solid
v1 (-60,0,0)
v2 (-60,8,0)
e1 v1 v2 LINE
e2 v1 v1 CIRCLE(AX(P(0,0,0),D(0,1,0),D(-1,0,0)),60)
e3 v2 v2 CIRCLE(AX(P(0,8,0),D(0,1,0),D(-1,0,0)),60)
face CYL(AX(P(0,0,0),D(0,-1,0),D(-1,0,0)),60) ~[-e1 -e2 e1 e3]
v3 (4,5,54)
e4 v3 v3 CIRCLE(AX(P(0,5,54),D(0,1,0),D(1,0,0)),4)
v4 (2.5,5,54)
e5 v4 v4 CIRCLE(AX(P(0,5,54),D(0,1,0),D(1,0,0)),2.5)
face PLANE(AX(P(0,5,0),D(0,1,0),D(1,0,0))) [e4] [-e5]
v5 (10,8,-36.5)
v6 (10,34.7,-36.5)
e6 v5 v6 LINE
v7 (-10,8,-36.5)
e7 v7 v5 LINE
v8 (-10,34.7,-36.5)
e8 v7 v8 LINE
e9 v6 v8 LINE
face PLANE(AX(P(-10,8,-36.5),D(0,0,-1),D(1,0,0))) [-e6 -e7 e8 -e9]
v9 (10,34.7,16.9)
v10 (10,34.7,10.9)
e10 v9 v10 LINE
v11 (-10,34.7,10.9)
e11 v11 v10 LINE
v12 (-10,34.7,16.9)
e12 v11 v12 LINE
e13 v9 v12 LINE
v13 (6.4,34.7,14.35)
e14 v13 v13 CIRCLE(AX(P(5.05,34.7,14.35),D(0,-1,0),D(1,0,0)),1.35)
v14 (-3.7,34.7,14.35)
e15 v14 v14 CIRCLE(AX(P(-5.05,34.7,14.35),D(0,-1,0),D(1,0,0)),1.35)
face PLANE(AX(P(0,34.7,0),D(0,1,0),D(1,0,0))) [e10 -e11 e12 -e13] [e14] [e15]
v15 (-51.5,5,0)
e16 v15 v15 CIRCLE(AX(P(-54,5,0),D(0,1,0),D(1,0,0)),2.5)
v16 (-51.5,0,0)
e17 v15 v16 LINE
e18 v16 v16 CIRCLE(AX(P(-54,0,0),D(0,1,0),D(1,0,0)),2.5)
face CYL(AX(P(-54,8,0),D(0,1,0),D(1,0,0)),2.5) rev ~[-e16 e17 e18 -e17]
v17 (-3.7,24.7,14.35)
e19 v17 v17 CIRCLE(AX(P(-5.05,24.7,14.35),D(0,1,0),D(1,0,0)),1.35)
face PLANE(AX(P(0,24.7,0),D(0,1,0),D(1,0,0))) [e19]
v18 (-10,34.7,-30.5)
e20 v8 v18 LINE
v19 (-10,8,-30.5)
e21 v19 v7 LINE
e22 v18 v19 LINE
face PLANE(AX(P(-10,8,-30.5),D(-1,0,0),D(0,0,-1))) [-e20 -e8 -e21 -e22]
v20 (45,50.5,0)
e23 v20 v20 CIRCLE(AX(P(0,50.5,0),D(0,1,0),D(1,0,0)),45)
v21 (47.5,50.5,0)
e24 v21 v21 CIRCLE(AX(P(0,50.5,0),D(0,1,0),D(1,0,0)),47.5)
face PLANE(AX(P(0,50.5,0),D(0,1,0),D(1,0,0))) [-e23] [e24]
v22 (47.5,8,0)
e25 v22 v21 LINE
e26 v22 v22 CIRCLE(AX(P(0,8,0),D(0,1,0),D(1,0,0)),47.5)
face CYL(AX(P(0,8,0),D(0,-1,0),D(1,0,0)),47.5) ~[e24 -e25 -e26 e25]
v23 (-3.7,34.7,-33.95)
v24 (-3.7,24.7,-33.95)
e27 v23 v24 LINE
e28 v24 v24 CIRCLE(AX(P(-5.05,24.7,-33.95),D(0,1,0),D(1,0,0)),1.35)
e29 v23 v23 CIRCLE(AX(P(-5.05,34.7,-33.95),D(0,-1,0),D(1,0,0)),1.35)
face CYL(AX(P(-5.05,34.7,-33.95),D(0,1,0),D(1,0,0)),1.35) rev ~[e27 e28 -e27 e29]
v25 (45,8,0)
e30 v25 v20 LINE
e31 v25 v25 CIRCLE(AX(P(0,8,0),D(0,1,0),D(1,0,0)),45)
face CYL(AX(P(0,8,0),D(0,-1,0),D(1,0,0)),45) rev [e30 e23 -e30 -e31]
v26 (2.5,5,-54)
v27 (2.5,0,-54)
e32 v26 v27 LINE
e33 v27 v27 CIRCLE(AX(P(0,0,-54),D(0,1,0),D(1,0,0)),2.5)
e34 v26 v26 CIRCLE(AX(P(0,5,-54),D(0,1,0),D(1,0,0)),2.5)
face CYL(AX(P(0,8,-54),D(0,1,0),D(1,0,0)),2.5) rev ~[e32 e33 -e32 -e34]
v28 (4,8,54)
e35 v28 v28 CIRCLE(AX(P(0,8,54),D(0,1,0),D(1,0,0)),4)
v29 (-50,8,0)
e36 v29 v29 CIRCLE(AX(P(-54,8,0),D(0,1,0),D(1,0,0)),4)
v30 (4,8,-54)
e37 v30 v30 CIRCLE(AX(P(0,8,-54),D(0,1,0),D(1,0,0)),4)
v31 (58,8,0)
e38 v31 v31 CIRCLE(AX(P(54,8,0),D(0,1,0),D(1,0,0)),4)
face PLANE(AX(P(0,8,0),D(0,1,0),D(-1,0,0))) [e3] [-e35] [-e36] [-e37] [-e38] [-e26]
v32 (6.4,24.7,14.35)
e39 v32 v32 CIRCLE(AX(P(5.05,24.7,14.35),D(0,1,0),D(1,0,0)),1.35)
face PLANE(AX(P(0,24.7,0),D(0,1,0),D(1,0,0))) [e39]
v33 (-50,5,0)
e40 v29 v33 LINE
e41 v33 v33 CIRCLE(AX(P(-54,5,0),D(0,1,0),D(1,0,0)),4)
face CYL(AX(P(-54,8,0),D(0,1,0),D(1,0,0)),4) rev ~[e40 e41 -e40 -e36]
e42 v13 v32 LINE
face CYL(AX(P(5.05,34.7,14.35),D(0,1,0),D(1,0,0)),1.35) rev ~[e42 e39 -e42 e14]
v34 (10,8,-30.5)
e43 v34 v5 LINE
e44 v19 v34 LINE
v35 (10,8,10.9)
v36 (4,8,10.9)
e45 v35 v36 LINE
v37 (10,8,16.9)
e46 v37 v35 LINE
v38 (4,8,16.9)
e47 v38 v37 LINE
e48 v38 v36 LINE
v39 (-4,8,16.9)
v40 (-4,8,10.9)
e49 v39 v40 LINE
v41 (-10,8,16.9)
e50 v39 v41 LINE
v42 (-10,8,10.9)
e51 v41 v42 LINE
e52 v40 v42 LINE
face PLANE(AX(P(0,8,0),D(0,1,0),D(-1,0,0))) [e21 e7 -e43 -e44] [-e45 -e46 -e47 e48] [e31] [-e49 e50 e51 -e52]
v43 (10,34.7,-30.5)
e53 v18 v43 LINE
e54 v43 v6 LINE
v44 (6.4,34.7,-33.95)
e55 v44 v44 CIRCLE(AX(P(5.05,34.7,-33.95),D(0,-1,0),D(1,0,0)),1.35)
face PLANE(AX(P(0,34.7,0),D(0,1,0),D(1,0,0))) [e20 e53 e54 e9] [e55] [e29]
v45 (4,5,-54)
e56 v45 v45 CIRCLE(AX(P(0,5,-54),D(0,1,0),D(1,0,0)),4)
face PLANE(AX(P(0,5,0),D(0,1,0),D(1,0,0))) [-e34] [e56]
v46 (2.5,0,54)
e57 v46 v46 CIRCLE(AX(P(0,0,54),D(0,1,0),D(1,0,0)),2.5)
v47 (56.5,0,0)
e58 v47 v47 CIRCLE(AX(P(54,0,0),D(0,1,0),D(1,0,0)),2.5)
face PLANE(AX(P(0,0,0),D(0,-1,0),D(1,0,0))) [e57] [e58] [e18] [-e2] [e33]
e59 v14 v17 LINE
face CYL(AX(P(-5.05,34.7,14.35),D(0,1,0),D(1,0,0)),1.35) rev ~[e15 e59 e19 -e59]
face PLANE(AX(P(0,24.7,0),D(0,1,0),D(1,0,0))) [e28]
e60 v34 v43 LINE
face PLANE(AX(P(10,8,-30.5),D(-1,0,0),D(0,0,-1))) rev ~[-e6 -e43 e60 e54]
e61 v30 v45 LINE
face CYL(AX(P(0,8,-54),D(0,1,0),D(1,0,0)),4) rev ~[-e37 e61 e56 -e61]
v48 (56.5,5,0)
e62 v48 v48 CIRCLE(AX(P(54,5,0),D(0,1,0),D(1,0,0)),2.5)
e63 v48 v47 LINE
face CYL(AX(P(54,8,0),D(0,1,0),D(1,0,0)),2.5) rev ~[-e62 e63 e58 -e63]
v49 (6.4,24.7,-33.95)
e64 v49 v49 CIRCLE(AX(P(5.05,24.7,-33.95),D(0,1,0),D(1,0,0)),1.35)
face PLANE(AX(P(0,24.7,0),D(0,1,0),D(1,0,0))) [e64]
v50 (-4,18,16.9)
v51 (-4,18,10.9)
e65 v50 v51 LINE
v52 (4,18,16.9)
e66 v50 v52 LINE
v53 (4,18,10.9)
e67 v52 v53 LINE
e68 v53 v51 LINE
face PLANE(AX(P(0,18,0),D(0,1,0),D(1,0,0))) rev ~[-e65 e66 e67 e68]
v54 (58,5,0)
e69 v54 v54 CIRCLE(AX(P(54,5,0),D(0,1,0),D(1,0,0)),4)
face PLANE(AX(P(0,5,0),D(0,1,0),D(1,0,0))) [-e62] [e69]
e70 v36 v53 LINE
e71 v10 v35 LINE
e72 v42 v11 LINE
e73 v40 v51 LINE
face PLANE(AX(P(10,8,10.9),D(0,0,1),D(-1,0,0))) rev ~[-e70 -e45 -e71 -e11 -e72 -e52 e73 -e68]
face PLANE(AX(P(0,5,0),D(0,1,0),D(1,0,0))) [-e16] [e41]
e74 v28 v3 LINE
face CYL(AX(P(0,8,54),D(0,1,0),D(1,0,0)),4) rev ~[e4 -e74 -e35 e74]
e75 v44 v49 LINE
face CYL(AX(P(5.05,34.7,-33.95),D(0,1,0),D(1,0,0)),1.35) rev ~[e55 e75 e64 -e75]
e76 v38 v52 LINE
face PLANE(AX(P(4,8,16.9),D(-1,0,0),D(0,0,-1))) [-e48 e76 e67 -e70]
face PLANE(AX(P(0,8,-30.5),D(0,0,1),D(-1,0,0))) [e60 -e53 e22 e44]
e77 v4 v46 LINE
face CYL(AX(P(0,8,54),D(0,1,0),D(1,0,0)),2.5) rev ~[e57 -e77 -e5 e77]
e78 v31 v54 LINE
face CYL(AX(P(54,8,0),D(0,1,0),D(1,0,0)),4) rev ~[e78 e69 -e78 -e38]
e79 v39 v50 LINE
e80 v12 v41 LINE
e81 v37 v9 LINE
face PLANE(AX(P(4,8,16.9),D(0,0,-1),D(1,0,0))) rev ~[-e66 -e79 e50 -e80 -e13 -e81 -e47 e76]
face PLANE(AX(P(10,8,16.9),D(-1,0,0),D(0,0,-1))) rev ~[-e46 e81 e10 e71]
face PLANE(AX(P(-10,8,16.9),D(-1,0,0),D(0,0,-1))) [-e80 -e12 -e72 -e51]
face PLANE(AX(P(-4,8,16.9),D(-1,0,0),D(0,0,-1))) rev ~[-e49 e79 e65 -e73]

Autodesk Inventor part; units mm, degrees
ref_plane "YZ Plane" through (0, 0, 0) normal (1, 0, 0) x (0, 1, 0)
ref_plane "XZ Plane" through (0, 0, 0) normal (0, 1, 0) x (-1, 0, 0)
ref_plane "XY Plane" through (0, 0, 0) normal (0, 0, 1) x (1, 0, 0)
sketch "Sketch1" plane through (0, 0, 0) normal (0, 1, 0) x (-1, 0, 0)
  circle A0 centre (0, 0) radius 60
  dimension "d0" = 120
extrude "Extrusion1" add sketch "Sketch1" along normal blind 8
sketch "Sketch2" plane through (0, 8, 0) normal (0, 1, 0) x (1, 0, 0)
  circle A0 centre (-54, 0) radius 4
  circle A1 centre (-54, 0) radius 2.5
  circle A2 centre (0, -54) radius 4
  circle A3 centre (0, -54) radius 2.5
  circle A4 centre (54, 0) radius 4
  circle A5 centre (54, 0) radius 2.5
  circle A6 centre (0, 54) radius 4
  circle A7 centre (0, 54) radius 2.5
  point P0 (0, 0)
  dimension "d3" = 8
  dimension "d4" = 5
  dimension "d5" = 8
  dimension "d6" = 5
  dimension "d7" = 8
  dimension "d8" = 5
  dimension "d9" = 8
  dimension "d10" = 5
extrude "Extrusion2" cut sketch "Sketch2" against normal blind 8 contours A1 | A3 | A5 | A7
sketch "Sketch3" plane through (0, 8, 0) normal (0, 1, 0) x (1, 0, 0)
  circle A0 centre (-54, 0) radius 2.5 projected
  circle A1 centre (-54, 0) radius 4
  circle A2 centre (-54, 0) radius 2.5
  circle A3 centre (0, 54) radius 2.5 projected
  circle A4 centre (0, 54) radius 4
  circle A5 centre (0, 54) radius 2.5
  circle A6 centre (54, 0) radius 2.5 projected
  circle A7 centre (54, 0) radius 4
  circle A8 centre (54, 0) radius 2.5
  circle A9 centre (0, -54) radius 4
  circle A10 centre (0, -54) radius 2.5
  point P0 (0, 0)
  dimension "d13" = 8
  dimension "d14" = 8
  dimension "d15" = 5
  dimension "d16" = 8
  dimension "d17" = 5
  dimension "d18" = 8
extrude "Extrusion3" cut sketch "Sketch3" against normal blind 3
sketch "Sketch4" plane through (0, 8, 0) normal (0, 1, 0) x (1, 0, 0)
  circle A0 centre (0, 0) radius 47.5
  circle A1 centre (0, 0) radius 45
  line L0 (0, 0) -> (-10, 0)
  line L1 (-10, 0) -> (-10, -9)
  line L2 (-10, -9) -> (0, -9)
  line L3 (0, -9) -> (0, 0)
  line L4 (0, -9) -> (10, -9)
  line L5 (10, -9) -> (10, 0)
  line L6 (10, 0) -> (0, 0)
  line L7 (0, 0) -> (0, -9)
  line L8 (-10, -9) -> (10, -9)
  line L9 (10, -9) -> (10, -16)
  line L10 (10, -16) -> (-10, -16)
  line L11 (-10, -16) -> (-10, -9)
  dimension "d21" = 95
  dimension "d22" = 90
  dimension "d23" = 10
  dimension "d24" = 9
  dimension "d25" = 10
  dimension "d26" = 7
extrude "Extrusion4" add sketch "Sketch4" along normal blind 10 contours A0
sketch "Sketch5" plane through (0, 8, 0) normal (0, 1, 0) x (1, 0, 0)
  line L0 (0, 0) -> (-10, 0)
  line L1 (-10, 0) -> (-10, -9)
  line L2 (-10, -9) -> (0, -9)
  line L3 (0, -9) -> (0, 0)
  line L4 (-10, -9) -> (10, -9)
  line L5 (10, -9) -> (10, -16)
  line L6 (10, -16) -> (-10, -16)
  line L7 (-10, -16) -> (-10, -9)
  line L8 (-10, -9) -> (10, -9)
  line L9 (10, -9) -> (10, 31)
  line L10 (10, 31) -> (-10, 31)
  line L11 (-10, 31) -> (-10, -9)
  line L12 (-10, 31) -> (-2, 31)
  line L13 (-2, 31) -> (-2, 38.36)
  line L14 (-2, 38.36) -> (-10, 38.36)
  line L15 (-10, 38.36) -> (-10, 31)
  line L16 (-10, 31) -> (10, 31)
  line L17 (10, 31) -> (10, 39)
  line L18 (10, 39) -> (-10, 39)
  line L19 (-10, 39) -> (-10, 31)
  line L20 (-10, -9) -> (10, -9)
  line L21 (10, -9) -> (10, -17)
  line L22 (10, -17) -> (-10, -17)
  line L23 (-10, -17) -> (-10, -9)
  dimension "d29" = 10
  dimension "d30" = 9
  dimension "d31" = 20
  dimension "d32" = 7
  dimension "d33" = 40
  dimension "d34" = 8
  dimension "d35" = 8
  dimension "d36" = 8
extrude "Extrusion5" add sketch "Sketch5" along normal blind 28 contours L4 L5 L6 L7 L2 | L15 L14 L13 L10 | L6 L21 L22 L23 | L13 L14 L19 L18 L17 L10
sketch "Sketch6" plane through (0, 36, 0) normal (0, 1, 0) x (1, 0, 0)
  line L0 (10, -17) -> (-10, -17) projected
  line L1 (-10, -9) -> (10, -9) projected
  line L2 (0, -17) -> (-4, -17)
  line L3 (-4, -17) -> (-4, -9)
  line L4 (-4, -9) -> (0, -9)
  line L5 (0, -9) -> (0, -17)
  line L6 (0, -17) -> (4, -17)
  line L7 (4, -17) -> (4, -9)
  line L8 (4, -9) -> (0, -9)
  line L9 (0, -9) -> (0, -17)
  point P0 (0, 0)
  dimension "d39" = 4
  dimension "d40" = 4
extrude "Extrusion6" cut sketch "Sketch6" against normal blind 28
sketch "Sketch7" plane through (0, 36, 0) normal (0, 1, 0) x (1, 0, 0)
  line L0 (-10, -17) -> (-4, -17) projected
  line L1 (4, -9) -> (10, -9) projected
  line L2 (-4, -17) -> (4, -17)
  line L3 (4, -17) -> (4, -9)
  line L4 (4, -9) -> (-4, -9)
  line L5 (-4, -9) -> (-4, -17)
  point P0 (0, 0)
extrude "Extrusion7" add sketch "Sketch7" against normal blind 22
sketch "Sketch8" plane through (0, 36, 0) normal (0, 1, 0) x (1, 0, 0)
  line L0 (-4, -17) -> (-10, -17) projected
  line L1 (10, -17) -> (10, -9) projected
  line L2 (-10, -17) -> (10, -17)
  line L3 (10, -17) -> (10, -15)
  line L4 (10, -15) -> (-10, -15)
  line L5 (-10, -15) -> (-10, -17)
  line L6 (-4, -9) -> (4, -9) projected
  line L7 (0, -9) -> (-5, -9)
  line L8 (-5, -9) -> (-5, -17)
  line L9 (-5, -17) -> (0, -17)
  line L10 (0, -17) -> (0, -9)
  line L11 (-10, -17) -> (10, -17) projected
  line L12 (0, -9) -> (5, -9)
  line L13 (5, -9) -> (5, -17)
  line L14 (5, -17) -> (0, -17)
  line L15 (0, -17) -> (0, -9)
  circle A0 centre (-5, -15) radius 2
  circle A1 centre (5, -15) radius 2
  line L16 (-10, 31) -> (-10, 39) projected
  line L17 (10, 39) -> (10, 31) projected
  line L18 (-10, 39) -> (10, 39)
  line L19 (10, 39) -> (10, 37)
  line L20 (10, 37) -> (-10, 37)
  line L21 (-10, 37) -> (-10, 39)
  line L22 (10, 31) -> (-10, 31) projected
  line L23 (-10, 39) -> (10, 39) projected
  line L24 (0, 31) -> (-5, 31)
  line L25 (-5, 31) -> (-5, 39)
  line L26 (-5, 39) -> (0, 39)
  line L27 (0, 39) -> (0, 31)
  line L28 (0, 31) -> (5, 31)
  line L29 (5, 31) -> (5, 39)
  line L30 (5, 39) -> (0, 39)
  line L31 (0, 39) -> (0, 31)
  circle A2 centre (-5, 37) radius 2
  circle A3 centre (5, 37) radius 2
  point P0 (0, 0)
  dimension "d45" = 2
  dimension "d46" = 5
  dimension "d47" = 5
  dimension "d48" = 4
  dimension "d49" = 4
  dimension "d50" = 2
  dimension "d51" = 4
  dimension "d52" = 4
extrude "Extrusion8" cut sketch "Sketch8" against normal blind 10 contours A0 L4 L8 | L8 L4 A0 | L8 A0 L4 | L4 A0 L8 | A1 L4 L13 | L13 L4 A1 | L13 A1 L4 | L4 A1 L13 | A2 L25 L20 | L20 L25 A2 | L25 L20 A2 | A2 L20 L25 | A3 L20 L29 | L29 L20 A3 | A3 L29 L20 | A3 L20 L29
sketch "Sketch9" plane through (0, 36, 0) normal (0, 1, 0) x (1, 0, 0)
  line L0 (-10, -17) -> (-5, -17) projected
  line L1 (10, -9) -> (-10, -9) projected
  line L2 (-10, -17) -> (10, -17)
  line L3 (10, -17) -> (10, -9)
  line L4 (10, -9) -> (-10, -9)
  line L5 (-10, -9) -> (-10, -17)
  line L6 (10, 31) -> (10, 39) projected
  line L7 (-10, 31) -> (10, 31)
  line L8 (10, 31) -> (10, 39)
  line L9 (10, 39) -> (-10, 39)
  line L10 (-10, 39) -> (-10, 31)
  point P0 (0, 0)
extrude "Extrusion9" cut sketch "Sketch9" against normal blind 28
sketch "Sketch10" plane through (0, 8, 0) normal (0, 1, 0) x (1, 0, 0)
  line L0 (0, 0) -> (-10, 0)
  line L1 (-10, 0) -> (-10, 36.5)
  line L2 (-10, 36.5) -> (0, 36.5)
  line L3 (0, 36.5) -> (0, 0)
  line L4 (-10, 0) -> (0, 0)
  line L5 (0, 0) -> (0, -16.9)
  line L6 (0, -16.9) -> (-10, -16.9)
  line L7 (-10, -16.9) -> (-10, 0)
  line L8 (0, -16.9) -> (10, -16.9)
  line L9 (10, -16.9) -> (10, 36.5)
  line L10 (10, 36.5) -> (0, 36.5)
  line L11 (0, 36.5) -> (0, -16.9)
  line L12 (-10, -16.9) -> (10, -16.9)
  line L13 (10, -16.9) -> (10, -10.9)
  line L14 (10, -10.9) -> (-10, -10.9)
  line L15 (-10, -10.9) -> (-10, -16.9)
  line L16 (-10, 36.5) -> (10, 36.5)
  line L17 (10, 36.5) -> (10, 30.5)
  line L18 (10, 30.5) -> (-10, 30.5)
  line L19 (-10, 30.5) -> (-10, 36.5)
  line L20 (-10, -16.9) -> (-4, -16.9)
  line L21 (-4, -16.9) -> (-4, -10.9)
  line L22 (-4, -10.9) -> (-10, -10.9)
  line L23 (-10, -10.9) -> (-10, -16.9)
  line L24 (10, -16.9) -> (4, -16.9)
  line L25 (4, -16.9) -> (4, -10.9)
  line L26 (4, -10.9) -> (10, -10.9)
  line L27 (10, -10.9) -> (10, -16.9)
  dimension "d57" = 10
  dimension "d58" = 36.5
  dimension "d59" = 16.9
  dimension "d60" = 10
  dimension "d61" = 6
  dimension "d62" = 6
  dimension "d63" = 6
  dimension "d64" = 6
extrude "Extrusion10" add sketch "Sketch10" along normal blind 10 contours L18 L1 L2 L3 | L3 L10 L9 L18 | L14 L21 L6 L7 | L14 L9 L8 L25
sketch "Sketch11" plane through (0, 18, 0) normal (0, 1, 0) x (1, 0, 0)
  line L0 (-10, 30.5) -> (10, 30.5) projected
  line L1 (10, 36.5) -> (-10, 36.5) projected
  line L2 (-10, 30.5) -> (10, 30.5)
  line L3 (10, 30.5) -> (10, 36.5)
  line L4 (10, 36.5) -> (-10, 36.5)
  line L5 (-10, 36.5) -> (-10, 30.5)
  line L6 (-10, -16.9) -> (-4, -16.9) projected
  line L7 (10, -10.9) -> (4, -10.9) projected
  line L8 (-10, -16.9) -> (10, -16.9)
  line L9 (10, -16.9) -> (10, -10.9)
  line L10 (10, -10.9) -> (-10, -10.9)
  line L11 (-10, -10.9) -> (-10, -16.9)
  point P0 (0, 0)
extrude "Extrusion11" add sketch "Sketch11" along normal blind 16.7
sketch "Sketch12" plane through (0, 34.7, 0) normal (0, 1, 0) x (1, 0, 0)
  line L0 (10, -16.9) -> (10, -10.9) projected
  line L1 (-10, -16.9) -> (10, -16.9)
  line L2 (10, -16.9) -> (10, -14.35)
  line L3 (10, -14.35) -> (-10, -14.35)
  line L4 (-10, -14.35) -> (-10, -16.9)
  line L5 (10, 30.5) -> (10, 36.5) projected
  line L6 (-10, 36.5) -> (10, 36.5)
  line L7 (10, 36.5) -> (10, 33.95)
  line L8 (10, 33.95) -> (-10, 33.95)
  line L9 (-10, 33.95) -> (-10, 36.5)
  line L10 (0, -16.9) -> (5.05, -16.9)
  line L11 (5.05, -16.9) -> (5.05, -14.35)
  line L12 (5.05, -14.35) -> (0, -14.35)
  line L13 (0, -14.35) -> (0, -16.9)
  line L14 (0, -16.9) -> (-5.05, -16.9)
  line L15 (-5.05, -16.9) -> (-5.05, -14.35)
  line L16 (-5.05, -14.35) -> (0, -14.35)
  line L17 (0, -14.35) -> (0, -16.9)
  line L18 (10, 36.5) -> (-10, 36.5) projected
  line L19 (0, 36.5) -> (-5.05, 36.5)
  line L20 (-5.05, 36.5) -> (-5.05, 33.95)
  line L21 (-5.05, 33.95) -> (0, 33.95)
  line L22 (0, 33.95) -> (0, 36.5)
  line L23 (0, 36.5) -> (5.05, 36.5)
  line L24 (5.05, 36.5) -> (5.05, 33.95)
  line L25 (5.05, 33.95) -> (0, 33.95)
  line L26 (0, 33.95) -> (0, 36.5)
  circle A0 centre (-5.05, -14.35) radius 1.35
  circle A1 centre (5.05, -14.35) radius 1.35
  circle A2 centre (-5.05, 33.95) radius 1.35
  circle A3 centre (5.05, 33.95) radius 1.35
  point P0 (0, 0)
  dimension "d69" = 2.55
  dimension "d70" = 2.55
  dimension "d71" = 5.05
  dimension "d72" = 5.05
  dimension "d73" = 5.05
  dimension "d74" = 5.05
  dimension "d75" = 2.7
  dimension "d76" = 2.7
  dimension "d77" = 2.7
  dimension "d78" = 2.7
extrude "Extrusion12" cut sketch "Sketch12" against normal blind 10 contours A1 L11 L3 | L3 A1 | A1 L3 L11 | A0 L3 L15 | L15 L3 A0 | L3 A0 | A3 L8 | L8 L24 A3 | L8 A3 L24 | A2 L8 | L8 L20 A2 | L20 L8 A2
thread "Thread1" size "M3x0.5" class "6H" standard "ANSI Metric M Profile" full length
thread "Thread2" size "M3x0.5" class "6H" standard "ANSI Metric M Profile" full length
thread "Thread3" size "M3x0.5" class "6H" standard "ANSI Metric M Profile" full length
thread "Thread4" size "M3x0.5" class "6H" standard "ANSI Metric M Profile" full length
sketch "Sketch13" plane through (0, 18, 0) normal (0, 1, 0) x (1, 0, 0)
  circle A0 centre (0, 0) radius 45
  circle A1 centre (0, 0) radius 47.5
extrude "Extrusion13" cut sketch "Sketch13" against normal blind 47.3
sketch "Sketch14" plane through (0, 8, 0) normal (0, 1, 0) x (1, 0, 0)
  circle A0 centre (0, 0) radius 45
  circle A1 centre (0, 0) radius 47.5
extrude "Extrusion14" add sketch "Sketch14" along normal blind 42.5
sketch "Sketch16" plane through (0, 50.5, 0) normal (0, 1, 0) x (1, 0, 0)
  circle A0 centre (0, 0) radius 45
  circle A1 centre (0, 0) radius 47.5
extrude "Extrusion15" cut sketch "Sketch16" against normal blind 42.5
sketch "Sketch17" plane through (0, 0, 0) normal (0, -1, 0) x (1, 0, 0)
  circle A0 centre (0, 0) radius 47.5
  circle A1 centre (0, 0) radius 45
extrude "Extrusion16" add sketch "Sketch17" against normal blind 8
sketch "Sketch18" plane through (0, 8, 0) normal (0, 1, 0) x (1, 0, 0)
  circle A0 centre (0, 0) radius 47.5
  circle A1 centre (0, 0) radius 45
  dimension "d97" = 95
  dimension "d98" = 90
extrude "Extrusion17" add sketch "Sketch18" along normal blind 42.5
properties part number "NBase Part"
